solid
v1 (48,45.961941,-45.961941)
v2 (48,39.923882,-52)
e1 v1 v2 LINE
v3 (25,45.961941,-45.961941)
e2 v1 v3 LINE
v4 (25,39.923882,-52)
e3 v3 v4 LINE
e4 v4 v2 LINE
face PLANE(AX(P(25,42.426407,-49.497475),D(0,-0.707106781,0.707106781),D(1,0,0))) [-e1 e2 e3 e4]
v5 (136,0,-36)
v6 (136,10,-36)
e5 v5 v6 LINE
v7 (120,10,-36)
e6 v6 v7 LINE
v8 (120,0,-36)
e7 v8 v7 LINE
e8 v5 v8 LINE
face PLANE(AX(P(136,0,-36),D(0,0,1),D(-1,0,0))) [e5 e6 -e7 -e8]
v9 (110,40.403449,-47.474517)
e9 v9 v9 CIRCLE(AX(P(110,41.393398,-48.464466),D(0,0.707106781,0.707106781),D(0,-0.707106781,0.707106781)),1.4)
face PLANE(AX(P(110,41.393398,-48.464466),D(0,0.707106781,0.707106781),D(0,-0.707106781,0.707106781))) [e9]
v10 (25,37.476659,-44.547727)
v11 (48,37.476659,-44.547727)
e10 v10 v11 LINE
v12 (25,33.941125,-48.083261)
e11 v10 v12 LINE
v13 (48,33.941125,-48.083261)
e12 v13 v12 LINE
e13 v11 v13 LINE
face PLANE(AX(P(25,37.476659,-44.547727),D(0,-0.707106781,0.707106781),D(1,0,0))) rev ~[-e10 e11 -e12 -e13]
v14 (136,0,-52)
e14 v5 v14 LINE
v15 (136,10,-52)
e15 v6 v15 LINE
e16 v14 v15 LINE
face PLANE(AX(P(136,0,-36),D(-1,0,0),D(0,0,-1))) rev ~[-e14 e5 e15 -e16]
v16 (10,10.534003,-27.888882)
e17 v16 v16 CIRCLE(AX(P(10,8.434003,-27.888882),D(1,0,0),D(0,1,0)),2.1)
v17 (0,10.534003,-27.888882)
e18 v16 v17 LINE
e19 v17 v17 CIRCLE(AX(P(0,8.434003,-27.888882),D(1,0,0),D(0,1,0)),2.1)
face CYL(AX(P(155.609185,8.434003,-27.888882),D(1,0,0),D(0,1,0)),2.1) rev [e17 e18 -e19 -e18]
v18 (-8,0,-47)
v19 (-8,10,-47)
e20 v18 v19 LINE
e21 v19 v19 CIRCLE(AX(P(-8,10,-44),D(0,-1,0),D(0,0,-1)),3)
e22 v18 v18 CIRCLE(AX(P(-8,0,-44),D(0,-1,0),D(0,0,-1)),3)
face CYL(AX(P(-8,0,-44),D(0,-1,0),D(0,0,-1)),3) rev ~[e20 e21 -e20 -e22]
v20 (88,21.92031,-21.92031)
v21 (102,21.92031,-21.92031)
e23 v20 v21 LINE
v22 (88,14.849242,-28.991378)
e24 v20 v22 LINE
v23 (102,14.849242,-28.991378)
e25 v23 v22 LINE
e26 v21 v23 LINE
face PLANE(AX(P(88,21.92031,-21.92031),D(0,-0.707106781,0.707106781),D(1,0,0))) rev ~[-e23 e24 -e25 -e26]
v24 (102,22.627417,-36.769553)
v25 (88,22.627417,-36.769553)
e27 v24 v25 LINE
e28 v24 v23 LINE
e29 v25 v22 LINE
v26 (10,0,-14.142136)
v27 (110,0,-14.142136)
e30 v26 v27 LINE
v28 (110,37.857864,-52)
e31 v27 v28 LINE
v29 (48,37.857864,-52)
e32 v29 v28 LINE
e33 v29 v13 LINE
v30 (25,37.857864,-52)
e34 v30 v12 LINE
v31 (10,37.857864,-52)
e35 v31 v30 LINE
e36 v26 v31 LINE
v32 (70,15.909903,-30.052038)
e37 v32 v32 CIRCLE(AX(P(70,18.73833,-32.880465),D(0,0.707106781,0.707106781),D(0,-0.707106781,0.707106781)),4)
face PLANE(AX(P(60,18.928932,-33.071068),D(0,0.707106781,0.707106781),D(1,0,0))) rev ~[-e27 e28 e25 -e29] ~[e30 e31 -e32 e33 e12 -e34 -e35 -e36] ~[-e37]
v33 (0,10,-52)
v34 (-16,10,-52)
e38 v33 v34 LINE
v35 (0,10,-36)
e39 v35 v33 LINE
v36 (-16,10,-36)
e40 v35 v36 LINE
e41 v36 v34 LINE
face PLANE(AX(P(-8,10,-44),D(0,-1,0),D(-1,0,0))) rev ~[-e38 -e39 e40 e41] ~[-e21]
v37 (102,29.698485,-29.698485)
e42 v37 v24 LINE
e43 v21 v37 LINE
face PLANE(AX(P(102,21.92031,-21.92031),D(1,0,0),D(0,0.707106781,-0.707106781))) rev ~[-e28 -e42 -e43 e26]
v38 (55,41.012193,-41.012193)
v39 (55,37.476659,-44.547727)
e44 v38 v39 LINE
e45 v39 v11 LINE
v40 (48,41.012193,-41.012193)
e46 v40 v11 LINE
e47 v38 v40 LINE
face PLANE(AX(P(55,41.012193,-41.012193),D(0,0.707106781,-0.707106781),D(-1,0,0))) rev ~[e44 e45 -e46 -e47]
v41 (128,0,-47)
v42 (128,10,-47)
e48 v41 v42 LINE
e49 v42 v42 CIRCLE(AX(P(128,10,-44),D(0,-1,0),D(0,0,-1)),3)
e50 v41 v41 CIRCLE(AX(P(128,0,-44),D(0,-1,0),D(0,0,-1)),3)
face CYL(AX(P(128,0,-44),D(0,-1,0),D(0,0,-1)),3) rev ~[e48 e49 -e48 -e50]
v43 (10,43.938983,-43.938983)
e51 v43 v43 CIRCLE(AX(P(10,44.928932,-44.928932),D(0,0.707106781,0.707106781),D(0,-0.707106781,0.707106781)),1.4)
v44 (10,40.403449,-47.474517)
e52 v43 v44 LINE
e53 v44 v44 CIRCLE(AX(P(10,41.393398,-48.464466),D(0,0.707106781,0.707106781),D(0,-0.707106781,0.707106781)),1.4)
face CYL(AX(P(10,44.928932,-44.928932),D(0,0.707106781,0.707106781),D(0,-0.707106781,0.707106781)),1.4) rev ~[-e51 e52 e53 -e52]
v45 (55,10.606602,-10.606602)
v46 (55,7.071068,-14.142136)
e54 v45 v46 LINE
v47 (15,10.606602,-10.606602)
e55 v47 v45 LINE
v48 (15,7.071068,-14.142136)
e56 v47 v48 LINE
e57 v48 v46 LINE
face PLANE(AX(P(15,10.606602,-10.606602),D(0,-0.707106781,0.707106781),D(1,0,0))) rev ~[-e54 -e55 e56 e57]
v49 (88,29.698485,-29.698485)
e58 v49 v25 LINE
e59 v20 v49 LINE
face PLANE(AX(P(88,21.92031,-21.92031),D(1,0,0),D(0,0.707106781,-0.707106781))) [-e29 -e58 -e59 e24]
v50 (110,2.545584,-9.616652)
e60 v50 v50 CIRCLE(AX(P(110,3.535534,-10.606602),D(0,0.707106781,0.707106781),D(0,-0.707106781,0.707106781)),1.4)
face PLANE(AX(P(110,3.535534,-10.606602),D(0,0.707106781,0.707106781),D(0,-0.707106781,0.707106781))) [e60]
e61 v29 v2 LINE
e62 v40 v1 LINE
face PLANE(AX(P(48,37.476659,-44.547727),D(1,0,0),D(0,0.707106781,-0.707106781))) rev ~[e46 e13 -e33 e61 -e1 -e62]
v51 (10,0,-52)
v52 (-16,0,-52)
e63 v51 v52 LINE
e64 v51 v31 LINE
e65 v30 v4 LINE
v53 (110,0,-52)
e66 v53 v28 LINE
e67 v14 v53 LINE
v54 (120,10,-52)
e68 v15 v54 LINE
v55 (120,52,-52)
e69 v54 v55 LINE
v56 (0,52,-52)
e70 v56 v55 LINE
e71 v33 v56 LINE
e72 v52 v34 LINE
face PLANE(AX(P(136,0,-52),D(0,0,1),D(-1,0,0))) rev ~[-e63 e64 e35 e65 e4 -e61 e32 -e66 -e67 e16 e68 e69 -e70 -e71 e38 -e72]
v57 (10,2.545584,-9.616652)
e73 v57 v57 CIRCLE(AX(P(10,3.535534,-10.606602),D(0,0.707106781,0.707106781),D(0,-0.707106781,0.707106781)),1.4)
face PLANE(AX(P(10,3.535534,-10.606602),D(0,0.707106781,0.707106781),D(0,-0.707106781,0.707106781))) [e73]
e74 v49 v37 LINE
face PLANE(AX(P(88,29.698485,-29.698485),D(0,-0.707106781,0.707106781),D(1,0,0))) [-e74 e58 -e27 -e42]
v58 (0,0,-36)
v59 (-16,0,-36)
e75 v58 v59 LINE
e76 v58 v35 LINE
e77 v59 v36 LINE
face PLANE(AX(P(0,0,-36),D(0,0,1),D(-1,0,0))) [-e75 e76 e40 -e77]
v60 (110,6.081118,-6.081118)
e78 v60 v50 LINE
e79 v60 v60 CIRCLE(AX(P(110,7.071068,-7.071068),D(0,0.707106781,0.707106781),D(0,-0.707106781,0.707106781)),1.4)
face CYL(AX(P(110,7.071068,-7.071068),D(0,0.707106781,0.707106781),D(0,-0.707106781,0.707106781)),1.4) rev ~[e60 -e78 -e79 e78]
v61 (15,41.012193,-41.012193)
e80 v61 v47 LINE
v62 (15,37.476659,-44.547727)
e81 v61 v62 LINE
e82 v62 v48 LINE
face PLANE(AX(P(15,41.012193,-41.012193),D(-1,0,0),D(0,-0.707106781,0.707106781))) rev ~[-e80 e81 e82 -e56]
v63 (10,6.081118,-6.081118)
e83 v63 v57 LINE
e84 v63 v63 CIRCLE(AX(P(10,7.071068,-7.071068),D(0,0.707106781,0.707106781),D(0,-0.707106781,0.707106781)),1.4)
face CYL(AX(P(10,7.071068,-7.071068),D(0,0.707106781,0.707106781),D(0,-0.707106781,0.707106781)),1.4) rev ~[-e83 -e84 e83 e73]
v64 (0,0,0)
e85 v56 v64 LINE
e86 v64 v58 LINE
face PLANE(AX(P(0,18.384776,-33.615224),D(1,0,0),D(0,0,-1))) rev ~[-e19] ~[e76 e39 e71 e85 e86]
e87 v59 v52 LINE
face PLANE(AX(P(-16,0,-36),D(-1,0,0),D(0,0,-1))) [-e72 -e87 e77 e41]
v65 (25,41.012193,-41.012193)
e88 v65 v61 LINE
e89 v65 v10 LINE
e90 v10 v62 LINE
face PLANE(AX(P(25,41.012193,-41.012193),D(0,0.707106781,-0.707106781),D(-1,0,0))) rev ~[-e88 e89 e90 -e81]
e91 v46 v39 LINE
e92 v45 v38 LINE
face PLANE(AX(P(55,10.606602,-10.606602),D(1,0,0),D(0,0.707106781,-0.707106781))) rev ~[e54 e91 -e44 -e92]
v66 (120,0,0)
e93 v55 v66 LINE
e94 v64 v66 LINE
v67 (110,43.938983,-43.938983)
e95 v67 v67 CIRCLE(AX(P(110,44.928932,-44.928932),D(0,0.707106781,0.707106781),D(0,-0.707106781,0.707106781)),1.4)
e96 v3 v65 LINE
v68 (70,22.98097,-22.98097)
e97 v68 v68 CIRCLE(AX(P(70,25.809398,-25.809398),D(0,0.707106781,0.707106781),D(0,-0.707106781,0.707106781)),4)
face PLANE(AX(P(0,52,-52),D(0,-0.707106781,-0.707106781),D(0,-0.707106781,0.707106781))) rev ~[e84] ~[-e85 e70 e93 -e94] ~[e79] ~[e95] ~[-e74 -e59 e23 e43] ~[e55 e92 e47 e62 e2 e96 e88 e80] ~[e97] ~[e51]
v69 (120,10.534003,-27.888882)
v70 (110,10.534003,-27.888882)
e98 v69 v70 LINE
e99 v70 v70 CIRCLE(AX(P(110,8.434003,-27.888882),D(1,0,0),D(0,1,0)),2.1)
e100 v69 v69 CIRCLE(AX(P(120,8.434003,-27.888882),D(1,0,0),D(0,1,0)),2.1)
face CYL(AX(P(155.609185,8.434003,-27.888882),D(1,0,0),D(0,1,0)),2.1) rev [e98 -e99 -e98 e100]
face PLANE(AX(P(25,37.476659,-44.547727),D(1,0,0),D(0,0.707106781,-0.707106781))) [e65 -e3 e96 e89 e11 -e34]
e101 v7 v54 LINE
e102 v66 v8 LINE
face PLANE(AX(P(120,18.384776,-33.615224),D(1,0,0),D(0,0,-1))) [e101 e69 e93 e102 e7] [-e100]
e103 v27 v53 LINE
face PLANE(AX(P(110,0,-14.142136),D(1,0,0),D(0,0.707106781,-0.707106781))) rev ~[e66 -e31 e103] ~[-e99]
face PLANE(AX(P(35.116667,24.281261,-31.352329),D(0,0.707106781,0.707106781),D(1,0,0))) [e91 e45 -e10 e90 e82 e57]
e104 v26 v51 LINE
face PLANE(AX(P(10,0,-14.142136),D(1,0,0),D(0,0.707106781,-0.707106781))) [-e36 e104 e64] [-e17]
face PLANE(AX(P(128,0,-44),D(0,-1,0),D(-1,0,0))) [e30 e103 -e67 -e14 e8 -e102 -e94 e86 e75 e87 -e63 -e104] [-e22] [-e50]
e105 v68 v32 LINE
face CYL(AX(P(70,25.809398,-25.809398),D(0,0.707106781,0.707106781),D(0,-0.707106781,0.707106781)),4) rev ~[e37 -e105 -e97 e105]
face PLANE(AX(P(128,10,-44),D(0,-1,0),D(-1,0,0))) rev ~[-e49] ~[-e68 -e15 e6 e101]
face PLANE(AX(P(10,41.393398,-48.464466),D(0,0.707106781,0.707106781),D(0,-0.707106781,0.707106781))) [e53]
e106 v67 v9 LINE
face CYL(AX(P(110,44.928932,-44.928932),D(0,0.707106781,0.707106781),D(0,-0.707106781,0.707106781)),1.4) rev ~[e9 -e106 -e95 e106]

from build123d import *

# Parameters (mm, degrees)
EXTRUDE_3_DEPTH          = 120
SKETCH_4_R               = 4
SKETCH_4_W               = 14
SKETCH_4_H               = 11
CUT_EXTRUDE_1_DEPTH      = 120
CUT_EXTRUDE_2_DEPTH      = 5
SKETCH_5_W               = 23
SKETCH_5_H               = 7
CUT_EXTRUDE_3_DEPTH      = 98
SKETCH_6_W               = 100
SKETCH_6_H               = 53.539105243
CUT_EXTRUDE_4_DEPTH      = 98
SKETCH_7_R               = 1.4
CUT_EXTRUDE_5_DEPTH      = 5
SKETCH_13_W              = 16
SKETCH_13_H              = 16
SKETCH_13_R              = 3
EXTRUDE_8_DEPTH          = 10
CUT_EXTRUDE_7_DEPTH      = 155.609184721
CUT_EXTRUDE_7_DEPTH_BACK = 155.609184721
SKETCH_15_R              = 2.1


with BuildPart() as part:
    # Эскиз3 → Бобышка-Вытянуть3 (new body)
    with BuildSketch(Plane(origin=(0, 0, 0), x_dir=(0, 0, -1), z_dir=(1, 0, 0))):
        Polygon((0, 0), (52, 0), (52, 52), align=None)
    extrude(amount=EXTRUDE_3_DEPTH)

    # Эскиз4 → Вырез-Вытянуть1 (cut)
    with BuildSketch(Plane(origin=(0, 0, 0), x_dir=(1, 0, 0), z_dir=(0, 0.7071067811865477, 0.7071067811865475))):
        with Locations(Location((70, 36.5, 0), (0, 0, 270))):
            Circle(SKETCH_4_R)
        with Locations((95, 36.5)):
            Rectangle(SKETCH_4_W, SKETCH_4_H)
    extrude(amount=-CUT_EXTRUDE_1_DEPTH, mode=Mode.SUBTRACT)

    # Эскиз4<3> → Вырез-Вытянуть2 (cut)
    with BuildSketch(Plane(origin=(0, 0, 0), x_dir=(1, 0, 0), z_dir=(0, 0.7071067811865477, 0.7071067811865475))):
        Polygon((48, 58), (48, 65), (25, 65), (25, 58), (15, 58), (15, 15), (55, 15), (55, 58), align=None)
    extrude(amount=-CUT_EXTRUDE_2_DEPTH, mode=Mode.SUBTRACT)

    # Эскиз5 → Вырез-Вытянуть3 (cut)
    with BuildSketch(Plane(origin=(0, -3.535533906, -3.535533906), x_dir=(1, 0, 0), z_dir=(0, 0.7071067811865477, 0.7071067811865474))):
        with Locations((36.5, 61.5)):
            Rectangle(SKETCH_5_W, SKETCH_5_H)
    extrude(amount=-CUT_EXTRUDE_3_DEPTH, mode=Mode.SUBTRACT)

    # Эскиз6 → Вырез-Вытянуть4 (cut)
    with BuildSketch(Plane(origin=(0, -7.071067812, -7.071067812), x_dir=(1, 0, 0), z_dir=(0, 0.7071067811865477, 0.7071067811865474))):
        with Locations((60, 36.769552621)):
            Rectangle(SKETCH_6_W, SKETCH_6_H)
    extrude(amount=-CUT_EXTRUDE_4_DEPTH, mode=Mode.SUBTRACT)

    # Эскиз7 → Вырез-Вытянуть5 (cut)
    with BuildSketch(Plane(origin=(0, 0, 0), x_dir=(1, 0, 0), z_dir=(0, 0.7071067811865477, 0.7071067811865475))):
        with Locations(Location((10, 63.539105243, 0), (0, 0, 270))):
            Circle(SKETCH_7_R)
        with Locations(Location((110, 10, 0), (0, 0, 270))):
            Circle(SKETCH_7_R)
        with Locations(Location((110, 63.539105243, 0), (0, 0, 270))):
            Circle(SKETCH_7_R)
        with Locations(Location((10, 10, 0), (0, 0, 270))):
            Circle(SKETCH_7_R)
    extrude(amount=-CUT_EXTRUDE_5_DEPTH, mode=Mode.SUBTRACT)

    # Эскиз13 → Бобышка-Вытянуть8 (add)
    # profile 1 of 2: a face of its own
    with BuildSketch(Plane(origin=(0, 0, 0), x_dir=(-1, 0, 0), z_dir=(0, -1, 0))):
        with Locations((-128, 44)):
            Rectangle(SKETCH_13_W, SKETCH_13_H)
        with Locations(Location((-128, 44, 0), (0, 0, 90))):
            Circle(SKETCH_13_R, mode=Mode.SUBTRACT)
    # profile 2 of 2: a face of its own
    with BuildSketch(Plane(origin=(0, 0, 0), x_dir=(-1, 0, 0), z_dir=(0, -1, 0))):
        with Locations((8, 44)):
            Rectangle(SKETCH_13_W, SKETCH_13_H)
        with Locations(Location((8, 44, 0), (0, 0, 90))):
            Circle(SKETCH_13_R, mode=Mode.SUBTRACT)
    extrude(amount=-EXTRUDE_8_DEPTH)

    # Эскиз15 → Вырез-Вытянуть7 (cut, two sides: drawn at the far end of the back side and taken through both)
    with BuildSketch(Plane.ZY.offset(-CUT_EXTRUDE_7_DEPTH_BACK)):
        with Locations(Location((-27.888881523, 8.434002899, 0), (0, 0, 90))):
            Circle(SKETCH_15_R)
    extrude(amount=CUT_EXTRUDE_7_DEPTH + CUT_EXTRUDE_7_DEPTH_BACK, mode=Mode.SUBTRACT)


solid = part.part
